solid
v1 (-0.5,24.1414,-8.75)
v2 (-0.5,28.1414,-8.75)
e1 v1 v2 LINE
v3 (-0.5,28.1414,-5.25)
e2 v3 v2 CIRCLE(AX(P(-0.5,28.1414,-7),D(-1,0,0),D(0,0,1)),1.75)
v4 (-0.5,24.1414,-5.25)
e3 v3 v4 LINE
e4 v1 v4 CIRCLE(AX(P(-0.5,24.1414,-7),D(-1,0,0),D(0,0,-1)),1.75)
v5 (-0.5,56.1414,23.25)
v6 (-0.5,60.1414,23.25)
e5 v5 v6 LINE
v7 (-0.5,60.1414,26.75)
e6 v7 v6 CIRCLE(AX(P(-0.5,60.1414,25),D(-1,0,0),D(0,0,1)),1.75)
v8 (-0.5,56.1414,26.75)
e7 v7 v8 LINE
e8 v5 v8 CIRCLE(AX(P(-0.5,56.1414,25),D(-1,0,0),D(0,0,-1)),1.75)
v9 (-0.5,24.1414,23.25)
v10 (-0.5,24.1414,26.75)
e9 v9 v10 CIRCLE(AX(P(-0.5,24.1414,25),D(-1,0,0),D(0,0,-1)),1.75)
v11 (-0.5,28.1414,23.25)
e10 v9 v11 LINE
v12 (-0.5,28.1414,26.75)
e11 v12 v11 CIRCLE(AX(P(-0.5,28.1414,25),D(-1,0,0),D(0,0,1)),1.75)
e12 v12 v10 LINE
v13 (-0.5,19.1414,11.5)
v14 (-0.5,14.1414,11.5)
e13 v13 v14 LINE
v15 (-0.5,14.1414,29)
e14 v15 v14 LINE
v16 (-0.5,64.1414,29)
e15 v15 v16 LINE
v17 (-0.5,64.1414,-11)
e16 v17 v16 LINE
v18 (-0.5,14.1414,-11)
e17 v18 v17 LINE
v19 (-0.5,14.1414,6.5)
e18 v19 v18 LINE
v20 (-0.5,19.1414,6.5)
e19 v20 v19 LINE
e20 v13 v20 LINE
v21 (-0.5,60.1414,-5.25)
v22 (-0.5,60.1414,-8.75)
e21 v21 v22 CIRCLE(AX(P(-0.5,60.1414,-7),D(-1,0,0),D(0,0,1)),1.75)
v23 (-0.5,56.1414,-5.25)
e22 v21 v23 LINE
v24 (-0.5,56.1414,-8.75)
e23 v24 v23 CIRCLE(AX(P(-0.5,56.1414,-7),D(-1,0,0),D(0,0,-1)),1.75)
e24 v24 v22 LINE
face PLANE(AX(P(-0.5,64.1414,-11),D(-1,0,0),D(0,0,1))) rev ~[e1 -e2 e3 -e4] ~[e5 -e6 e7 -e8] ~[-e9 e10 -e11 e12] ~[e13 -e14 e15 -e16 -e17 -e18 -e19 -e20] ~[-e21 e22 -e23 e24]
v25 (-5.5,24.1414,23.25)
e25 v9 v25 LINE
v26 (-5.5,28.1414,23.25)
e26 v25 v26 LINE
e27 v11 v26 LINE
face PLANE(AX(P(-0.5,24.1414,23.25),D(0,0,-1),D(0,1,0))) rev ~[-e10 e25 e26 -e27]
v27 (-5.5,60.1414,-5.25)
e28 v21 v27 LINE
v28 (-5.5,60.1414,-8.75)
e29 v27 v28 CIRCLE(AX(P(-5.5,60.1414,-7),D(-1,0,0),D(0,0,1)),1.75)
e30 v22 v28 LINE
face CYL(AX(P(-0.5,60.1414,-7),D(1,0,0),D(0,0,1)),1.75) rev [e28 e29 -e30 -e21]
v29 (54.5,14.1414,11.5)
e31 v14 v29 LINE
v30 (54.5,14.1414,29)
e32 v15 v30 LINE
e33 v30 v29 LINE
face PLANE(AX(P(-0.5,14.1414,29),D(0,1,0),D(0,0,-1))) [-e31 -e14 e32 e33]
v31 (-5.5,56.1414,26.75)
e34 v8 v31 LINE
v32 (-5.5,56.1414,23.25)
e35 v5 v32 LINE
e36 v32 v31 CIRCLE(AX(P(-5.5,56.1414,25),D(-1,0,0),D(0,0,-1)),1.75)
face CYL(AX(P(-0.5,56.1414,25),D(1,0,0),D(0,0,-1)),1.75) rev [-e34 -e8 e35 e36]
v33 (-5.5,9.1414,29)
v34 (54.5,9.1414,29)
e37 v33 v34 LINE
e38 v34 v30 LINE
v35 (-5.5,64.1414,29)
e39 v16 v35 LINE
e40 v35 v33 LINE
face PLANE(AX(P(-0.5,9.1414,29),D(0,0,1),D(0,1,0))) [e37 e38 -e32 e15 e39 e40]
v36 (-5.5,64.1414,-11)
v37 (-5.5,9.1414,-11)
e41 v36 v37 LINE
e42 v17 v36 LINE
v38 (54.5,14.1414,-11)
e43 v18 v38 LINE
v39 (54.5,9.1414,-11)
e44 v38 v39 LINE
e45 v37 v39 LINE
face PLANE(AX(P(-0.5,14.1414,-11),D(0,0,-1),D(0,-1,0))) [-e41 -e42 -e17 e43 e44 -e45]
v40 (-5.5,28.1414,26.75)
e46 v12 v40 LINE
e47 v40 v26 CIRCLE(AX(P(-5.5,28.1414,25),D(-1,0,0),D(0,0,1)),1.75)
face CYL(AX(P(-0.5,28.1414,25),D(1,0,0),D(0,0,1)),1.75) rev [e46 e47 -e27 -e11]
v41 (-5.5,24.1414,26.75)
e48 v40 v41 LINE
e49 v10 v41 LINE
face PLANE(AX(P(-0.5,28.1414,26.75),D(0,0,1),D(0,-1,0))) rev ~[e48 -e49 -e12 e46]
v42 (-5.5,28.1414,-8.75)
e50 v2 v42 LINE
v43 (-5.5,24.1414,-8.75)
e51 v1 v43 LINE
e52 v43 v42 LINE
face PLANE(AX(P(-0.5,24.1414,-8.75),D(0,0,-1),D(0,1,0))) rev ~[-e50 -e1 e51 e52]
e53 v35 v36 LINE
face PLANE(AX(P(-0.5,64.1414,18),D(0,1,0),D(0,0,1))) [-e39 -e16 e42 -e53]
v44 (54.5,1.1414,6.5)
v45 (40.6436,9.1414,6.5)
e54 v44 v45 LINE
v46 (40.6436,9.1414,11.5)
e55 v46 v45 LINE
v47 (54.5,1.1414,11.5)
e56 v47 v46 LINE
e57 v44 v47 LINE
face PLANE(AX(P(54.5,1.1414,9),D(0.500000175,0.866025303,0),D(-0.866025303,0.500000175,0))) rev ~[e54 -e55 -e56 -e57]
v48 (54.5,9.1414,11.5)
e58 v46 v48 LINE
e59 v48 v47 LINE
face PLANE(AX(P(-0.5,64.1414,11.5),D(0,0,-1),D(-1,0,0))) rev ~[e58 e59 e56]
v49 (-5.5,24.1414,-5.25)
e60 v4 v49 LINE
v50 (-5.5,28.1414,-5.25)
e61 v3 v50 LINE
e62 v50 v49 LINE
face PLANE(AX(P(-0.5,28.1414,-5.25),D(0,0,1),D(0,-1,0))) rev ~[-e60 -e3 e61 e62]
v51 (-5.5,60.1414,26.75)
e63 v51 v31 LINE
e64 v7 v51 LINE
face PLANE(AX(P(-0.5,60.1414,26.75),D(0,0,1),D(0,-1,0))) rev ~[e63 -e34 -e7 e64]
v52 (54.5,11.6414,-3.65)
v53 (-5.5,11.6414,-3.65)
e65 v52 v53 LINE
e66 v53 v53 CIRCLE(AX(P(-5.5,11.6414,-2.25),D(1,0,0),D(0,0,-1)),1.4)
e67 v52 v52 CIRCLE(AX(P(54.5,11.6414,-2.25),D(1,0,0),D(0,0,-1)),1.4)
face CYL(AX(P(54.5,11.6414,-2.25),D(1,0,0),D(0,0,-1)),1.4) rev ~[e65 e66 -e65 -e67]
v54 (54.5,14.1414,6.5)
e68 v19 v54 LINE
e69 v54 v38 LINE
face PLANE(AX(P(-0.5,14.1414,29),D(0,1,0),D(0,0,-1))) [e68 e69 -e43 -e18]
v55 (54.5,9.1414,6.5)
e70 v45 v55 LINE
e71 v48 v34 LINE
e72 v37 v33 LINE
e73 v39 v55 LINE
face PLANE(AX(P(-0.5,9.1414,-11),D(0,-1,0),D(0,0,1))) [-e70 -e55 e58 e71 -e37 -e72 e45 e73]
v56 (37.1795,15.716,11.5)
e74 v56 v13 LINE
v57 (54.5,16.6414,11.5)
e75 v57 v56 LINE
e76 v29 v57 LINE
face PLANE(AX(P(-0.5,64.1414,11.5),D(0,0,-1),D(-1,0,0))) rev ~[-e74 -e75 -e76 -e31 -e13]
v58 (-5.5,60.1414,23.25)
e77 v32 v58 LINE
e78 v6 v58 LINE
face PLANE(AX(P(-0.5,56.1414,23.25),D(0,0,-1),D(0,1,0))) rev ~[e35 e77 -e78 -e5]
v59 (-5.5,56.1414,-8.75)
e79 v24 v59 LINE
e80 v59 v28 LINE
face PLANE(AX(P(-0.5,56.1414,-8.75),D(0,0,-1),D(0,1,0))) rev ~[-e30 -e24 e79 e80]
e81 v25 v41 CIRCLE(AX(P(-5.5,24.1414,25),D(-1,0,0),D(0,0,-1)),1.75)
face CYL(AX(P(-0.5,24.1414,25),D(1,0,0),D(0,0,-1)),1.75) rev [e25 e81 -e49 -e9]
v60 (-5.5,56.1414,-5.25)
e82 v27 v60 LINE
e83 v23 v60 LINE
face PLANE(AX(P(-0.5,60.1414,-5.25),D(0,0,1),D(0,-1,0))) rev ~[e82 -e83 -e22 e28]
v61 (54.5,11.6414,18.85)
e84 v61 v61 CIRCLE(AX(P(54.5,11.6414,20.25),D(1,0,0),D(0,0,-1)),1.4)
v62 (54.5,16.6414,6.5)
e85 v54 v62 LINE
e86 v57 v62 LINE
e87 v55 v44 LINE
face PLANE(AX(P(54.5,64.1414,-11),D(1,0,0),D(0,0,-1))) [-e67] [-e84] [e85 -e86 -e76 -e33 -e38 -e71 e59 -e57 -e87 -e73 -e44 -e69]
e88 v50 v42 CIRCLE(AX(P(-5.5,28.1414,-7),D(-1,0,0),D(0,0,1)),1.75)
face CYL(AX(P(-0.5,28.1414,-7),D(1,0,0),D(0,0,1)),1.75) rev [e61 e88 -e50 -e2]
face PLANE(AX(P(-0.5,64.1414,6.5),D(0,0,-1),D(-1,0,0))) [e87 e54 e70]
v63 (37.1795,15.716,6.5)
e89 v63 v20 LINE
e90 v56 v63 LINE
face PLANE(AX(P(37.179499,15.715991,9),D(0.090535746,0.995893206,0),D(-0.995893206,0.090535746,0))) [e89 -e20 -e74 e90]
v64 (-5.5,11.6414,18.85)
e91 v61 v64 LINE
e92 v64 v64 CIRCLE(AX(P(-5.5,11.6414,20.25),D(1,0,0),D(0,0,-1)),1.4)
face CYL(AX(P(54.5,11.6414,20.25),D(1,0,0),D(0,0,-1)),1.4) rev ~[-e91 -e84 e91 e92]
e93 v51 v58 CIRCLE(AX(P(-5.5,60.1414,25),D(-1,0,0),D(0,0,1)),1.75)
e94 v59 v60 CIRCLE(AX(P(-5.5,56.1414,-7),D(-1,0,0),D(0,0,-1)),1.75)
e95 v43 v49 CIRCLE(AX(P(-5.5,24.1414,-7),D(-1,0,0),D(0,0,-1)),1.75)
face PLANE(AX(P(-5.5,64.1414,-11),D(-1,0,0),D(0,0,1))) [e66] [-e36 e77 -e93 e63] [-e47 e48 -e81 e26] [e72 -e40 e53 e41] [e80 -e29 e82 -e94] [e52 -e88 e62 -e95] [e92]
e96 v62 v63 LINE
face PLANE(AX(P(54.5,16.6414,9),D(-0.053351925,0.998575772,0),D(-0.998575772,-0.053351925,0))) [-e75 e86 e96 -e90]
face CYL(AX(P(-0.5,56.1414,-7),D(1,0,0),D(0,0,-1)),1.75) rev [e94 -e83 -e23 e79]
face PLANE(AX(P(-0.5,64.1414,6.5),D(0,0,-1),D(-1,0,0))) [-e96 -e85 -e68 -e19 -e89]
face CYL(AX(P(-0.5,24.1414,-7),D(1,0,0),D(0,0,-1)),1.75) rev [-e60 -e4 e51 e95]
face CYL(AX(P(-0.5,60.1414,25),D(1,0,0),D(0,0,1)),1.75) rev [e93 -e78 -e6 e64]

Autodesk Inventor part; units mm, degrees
ref_plane "YZ Plane" through (0, 0, 0) normal (1, 0, 0) x (0, 1, 0)
ref_plane "XZ Plane" through (0, 0, 0) normal (0, 1, 0) x (-1, 0, 0)
ref_plane "XY Plane" through (0, 0, 0) normal (0, 0, 1) x (1, 0, 0)
ref_plane "Arbeitsebene1" through (-0.5, 64.1414, -11) normal (-1, 0, 0) x (0, 0, 1)
sketch "Skizze1" plane through (-0.5, 64.1414, -11) normal (-1, 0, 0) x (0, 0, 1)
  line L0 (40, -27) -> (40, -40) projected
  line L1 (40, -27) -> (29, -27) projected
  line L2 (29, -40) -> (29, -27) projected
  line L3 (29, -40) -> (40, -40) projected
  circle A0 centre (32, -32) radius 1.5 projected
  circle A1 centre (36, -36) radius 1.75 projected
  line L4 (0, -40) -> (11, -40) projected
  line L5 (11, -40) -> (11, -27) projected
  line L6 (0, -27) -> (11, -27) projected
  line L7 (0, -27) -> (0, -40) projected
  circle A2 centre (8, -32) radius 1.5 projected
  circle A3 centre (4, -36) radius 1.75 projected
  line L8 (0, 0) -> (0, -13) projected
  line L9 (0, -13) -> (11, -13) projected
  line L10 (11, 0) -> (11, -13) projected
  line L11 (0, 0) -> (11, 0) projected
  circle A4 centre (8, -8) radius 1.5 projected
  circle A5 centre (4, -4) radius 1.75 projected
  line L12 (29, 0) -> (40, 0) projected
  line L13 (29, 0) -> (29, -13) projected
  line L14 (40, -13) -> (29, -13) projected
  line L15 (40, 0) -> (40, -13) projected
  circle A6 centre (32, -8) radius 1.5 projected
  circle A7 centre (36, -4) radius 1.75 projected
  line L16 (40, -40) -> (0, -40)
  line L17 (0, -40) -> (0, 0)
  line L18 (0, 0) -> (40, 0)
  line L19 (40, 0) -> (40, -40)
  line L20 (40, -40) -> (0, -40)
  line L21 (0, -40) -> (0, -55)
  line L22 (0, -55) -> (40, -55)
  line L23 (40, -55) -> (40, -40)
  line L24 (36, -36) -> (36, -40) construction
  line L25 (37.75, -36) -> (37.75, -40)
  line L26 (34.25, -40) -> (34.25, -36)
  arc A8 (37.75, -36) -> (34.25, -36) centre (36, -36) ccw
  arc A9 (34.25, -40) -> (37.75, -40) centre (36, -40) ccw
  line L27 (4, -36) -> (4, -40) construction
  line L28 (5.75, -36) -> (5.75, -40)
  line L29 (2.25, -40) -> (2.25, -36)
  arc A10 (5.75, -36) -> (2.25, -36) centre (4, -36) ccw
  arc A11 (2.25, -40) -> (5.75, -40) centre (4, -40) ccw
  line L30 (4, -4) -> (4, -8) construction
  line L31 (5.75, -4) -> (5.75, -8)
  line L32 (2.25, -8) -> (2.25, -4)
  arc A12 (5.75, -4) -> (2.25, -4) centre (4, -4) ccw
  arc A13 (2.25, -8) -> (5.75, -8) centre (4, -8) ccw
  line L33 (36, -4) -> (36, -8) construction
  line L34 (37.75, -4) -> (37.75, -8)
  line L35 (34.25, -8) -> (34.25, -4)
  arc A14 (37.75, -4) -> (34.25, -4) centre (36, -4) ccw
  arc A15 (34.25, -8) -> (37.75, -8) centre (36, -8) ccw
  point P0 (11, -64.1414)
  point P1 (40, -13)
  point P2 (0, -13)
  point P3 (0, -27)
  point P4 (0, -40)
  point P5 (36, -38)
  point P6 (4, -38)
  point P7 (4, -6)
  point P8 (36, -6)
  point P9 (37.75, -4)
  point P10 (34.25, -4)
  point P11 (5.75, -4)
  point P12 (2.25, -4)
  dimension "d0" = 15
extrude "Extrusion1" add sketch "Skizze1" along normal blind 5 contours L0 L3 L25 A1 L26 L2 L1 | L1 L2 L16 L5 L6 L17 L9 L10 L18 L13 L14 L19 | L23 L22 L21 L4 A11 L16 L3 A9 | L14 L13 L12 L15 | L4 L28 A3 L29 L7 L6 L5 | L10 L9 L8 L11 | A0 | A2 | A4 | A6
sketch "Skizze2" plane through (-0.5, 64.1414, -11) normal (1, 0, 0) x (0, 0, -1)
  line L0 (-40, -55) -> (-40, 0) projected
  line L1 (0, -55) -> (-40, -55) projected
  line L2 (0, 0) -> (0, -55) projected
  line L3 (-40, 0) -> (0, 0) projected
  arc A0 (-2.25, -36) -> (-5.75, -36) centre (-4, -36) ccw projected
  arc A1 (-2.25, -4) -> (-5.75, -4) centre (-4, -4) ccw projected
  arc A2 (-34.25, -4) -> (-37.75, -4) centre (-36, -4) ccw projected
  arc A3 (-34.25, -36) -> (-37.75, -36) centre (-36, -36) ccw projected
  line L4 (0, -55) -> (-40, -55)
  line L5 (-40, -55) -> (-40, -50)
  line L6 (-40, -50) -> (0, -50)
  line L7 (0, -50) -> (0, -55)
  line L8 (-2.25, -40) -> (-2.25, -36) projected
  arc A4 (-5.75, -40) -> (-2.25, -40) centre (-4, -40) ccw projected
  line L9 (-5.75, -36) -> (-5.75, -40) projected
  line L10 (-37.75, -4) -> (-37.75, -8) projected
  line L11 (-34.25, -8) -> (-34.25, -4) projected
  arc A5 (-37.75, -8) -> (-34.25, -8) centre (-36, -8) ccw projected
  line L12 (-34.25, -40) -> (-34.25, -36) projected
  arc A6 (-37.75, -40) -> (-34.25, -40) centre (-36, -40) ccw projected
  line L13 (-37.75, -36) -> (-37.75, -40) projected
  line L14 (-5.75, -4) -> (-5.75, -8) projected
  line L15 (-2.25, -8) -> (-2.25, -4) projected
  arc A7 (-5.75, -8) -> (-2.25, -8) centre (-4, -8) ccw projected
  point P0 (-11, -64.1414)
  dimension "d3" = 5
extrude "Extrusion2" add sketch "Skizze2" along normal blind 55 contours L0 L6 L2 L1
ref_plane "Arbeitsebene2" through (-0.5, 64.1414, 9) normal (0, 0, -1) x (-1, 0, 0)
sketch "Skizze3" plane through (-0.5, 64.1414, 9) normal (0, 0, -1) x (-1, 0, 0)
  line L0 (0, 0) -> (0, -50) projected
  line L1 (0, -50) -> (-55, -50) projected
  line L2 (-55, -55) -> (-55, -50) projected
  line L3 (5, -55) -> (-55, -55) projected
  line L4 (5, 0) -> (5, -55) projected
  line L5 (0, 0) -> (5, 0) projected
  line L6 (0, -50) -> (-55, -50) projected
  line L7 (-55, -50) -> (0, -45)
  line L8 (-55, -55) -> (-55, -50) projected
  line L9 (-55, -55) -> (-55, -63)
  line L10 (-55, -63) -> (-41.1436, -55)
  line L11 (-55, -55) -> (5, -55) projected
  line L12 (-41.1436, -55) -> (-55, -55)
  line L13 (-55, -50) -> (-55, -47.5)
  line L14 (-55, -47.5) -> (-37.6795, -48.4254)
  point P0 (-0.5, -64.1414)
  point P1 (-41.1436, -55)
  dimension "d7" = 5
  dimension "d14" = 8
  dimension "d15" = 60
extrude "Extrusion3" add sketch "Skizze3" along normal mid plane 5 contours L0 L1 L7 | L7 L13 L14 | L10 L9 L3
sketch "Skizze4" plane through (54.5, 64.1414, -11) normal (1, 0, 0) x (0, 0, -1)
  line L0 (-40, -50) -> (-40, -55) projected
  line L1 (-40, -55) -> (-22.5, -55) projected
  line L2 (0, -55) -> (0, -50) projected
  line L3 (-22.5, -50) -> (-40, -50) projected
  line L4 (0, -50) -> (-17.5, -50) projected
  circle A0 centre (-8.75, -52.5) radius 1.4
  circle A1 centre (-31.25, -52.5) radius 1.4
  line L5 (-22.5, -63) -> (-22.5, -55) projected
  line L6 (-17.5, -63) -> (-22.5, -63) projected
  line L7 (-17.5, -55) -> (-17.5, -63) projected
  line L8 (-17.5, -55) -> (0, -55) projected
  line L9 (-17.5, -47.5) -> (-17.5, -50) projected
  line L10 (-22.5, -47.5) -> (-17.5, -47.5) projected
  line L11 (-22.5, -50) -> (-22.5, -47.5) projected
  point P0 (-11, -64.1414)
  dimension "d10" = 2.8
  dimension "d11" = 2.8
extrude "Extrusion4" cut sketch "Skizze4" against normal through all contours A0 | A1
properties part number "40_XYZstage_micrometer_motorized_nema8_lightsheet_samplemount_ontop"
